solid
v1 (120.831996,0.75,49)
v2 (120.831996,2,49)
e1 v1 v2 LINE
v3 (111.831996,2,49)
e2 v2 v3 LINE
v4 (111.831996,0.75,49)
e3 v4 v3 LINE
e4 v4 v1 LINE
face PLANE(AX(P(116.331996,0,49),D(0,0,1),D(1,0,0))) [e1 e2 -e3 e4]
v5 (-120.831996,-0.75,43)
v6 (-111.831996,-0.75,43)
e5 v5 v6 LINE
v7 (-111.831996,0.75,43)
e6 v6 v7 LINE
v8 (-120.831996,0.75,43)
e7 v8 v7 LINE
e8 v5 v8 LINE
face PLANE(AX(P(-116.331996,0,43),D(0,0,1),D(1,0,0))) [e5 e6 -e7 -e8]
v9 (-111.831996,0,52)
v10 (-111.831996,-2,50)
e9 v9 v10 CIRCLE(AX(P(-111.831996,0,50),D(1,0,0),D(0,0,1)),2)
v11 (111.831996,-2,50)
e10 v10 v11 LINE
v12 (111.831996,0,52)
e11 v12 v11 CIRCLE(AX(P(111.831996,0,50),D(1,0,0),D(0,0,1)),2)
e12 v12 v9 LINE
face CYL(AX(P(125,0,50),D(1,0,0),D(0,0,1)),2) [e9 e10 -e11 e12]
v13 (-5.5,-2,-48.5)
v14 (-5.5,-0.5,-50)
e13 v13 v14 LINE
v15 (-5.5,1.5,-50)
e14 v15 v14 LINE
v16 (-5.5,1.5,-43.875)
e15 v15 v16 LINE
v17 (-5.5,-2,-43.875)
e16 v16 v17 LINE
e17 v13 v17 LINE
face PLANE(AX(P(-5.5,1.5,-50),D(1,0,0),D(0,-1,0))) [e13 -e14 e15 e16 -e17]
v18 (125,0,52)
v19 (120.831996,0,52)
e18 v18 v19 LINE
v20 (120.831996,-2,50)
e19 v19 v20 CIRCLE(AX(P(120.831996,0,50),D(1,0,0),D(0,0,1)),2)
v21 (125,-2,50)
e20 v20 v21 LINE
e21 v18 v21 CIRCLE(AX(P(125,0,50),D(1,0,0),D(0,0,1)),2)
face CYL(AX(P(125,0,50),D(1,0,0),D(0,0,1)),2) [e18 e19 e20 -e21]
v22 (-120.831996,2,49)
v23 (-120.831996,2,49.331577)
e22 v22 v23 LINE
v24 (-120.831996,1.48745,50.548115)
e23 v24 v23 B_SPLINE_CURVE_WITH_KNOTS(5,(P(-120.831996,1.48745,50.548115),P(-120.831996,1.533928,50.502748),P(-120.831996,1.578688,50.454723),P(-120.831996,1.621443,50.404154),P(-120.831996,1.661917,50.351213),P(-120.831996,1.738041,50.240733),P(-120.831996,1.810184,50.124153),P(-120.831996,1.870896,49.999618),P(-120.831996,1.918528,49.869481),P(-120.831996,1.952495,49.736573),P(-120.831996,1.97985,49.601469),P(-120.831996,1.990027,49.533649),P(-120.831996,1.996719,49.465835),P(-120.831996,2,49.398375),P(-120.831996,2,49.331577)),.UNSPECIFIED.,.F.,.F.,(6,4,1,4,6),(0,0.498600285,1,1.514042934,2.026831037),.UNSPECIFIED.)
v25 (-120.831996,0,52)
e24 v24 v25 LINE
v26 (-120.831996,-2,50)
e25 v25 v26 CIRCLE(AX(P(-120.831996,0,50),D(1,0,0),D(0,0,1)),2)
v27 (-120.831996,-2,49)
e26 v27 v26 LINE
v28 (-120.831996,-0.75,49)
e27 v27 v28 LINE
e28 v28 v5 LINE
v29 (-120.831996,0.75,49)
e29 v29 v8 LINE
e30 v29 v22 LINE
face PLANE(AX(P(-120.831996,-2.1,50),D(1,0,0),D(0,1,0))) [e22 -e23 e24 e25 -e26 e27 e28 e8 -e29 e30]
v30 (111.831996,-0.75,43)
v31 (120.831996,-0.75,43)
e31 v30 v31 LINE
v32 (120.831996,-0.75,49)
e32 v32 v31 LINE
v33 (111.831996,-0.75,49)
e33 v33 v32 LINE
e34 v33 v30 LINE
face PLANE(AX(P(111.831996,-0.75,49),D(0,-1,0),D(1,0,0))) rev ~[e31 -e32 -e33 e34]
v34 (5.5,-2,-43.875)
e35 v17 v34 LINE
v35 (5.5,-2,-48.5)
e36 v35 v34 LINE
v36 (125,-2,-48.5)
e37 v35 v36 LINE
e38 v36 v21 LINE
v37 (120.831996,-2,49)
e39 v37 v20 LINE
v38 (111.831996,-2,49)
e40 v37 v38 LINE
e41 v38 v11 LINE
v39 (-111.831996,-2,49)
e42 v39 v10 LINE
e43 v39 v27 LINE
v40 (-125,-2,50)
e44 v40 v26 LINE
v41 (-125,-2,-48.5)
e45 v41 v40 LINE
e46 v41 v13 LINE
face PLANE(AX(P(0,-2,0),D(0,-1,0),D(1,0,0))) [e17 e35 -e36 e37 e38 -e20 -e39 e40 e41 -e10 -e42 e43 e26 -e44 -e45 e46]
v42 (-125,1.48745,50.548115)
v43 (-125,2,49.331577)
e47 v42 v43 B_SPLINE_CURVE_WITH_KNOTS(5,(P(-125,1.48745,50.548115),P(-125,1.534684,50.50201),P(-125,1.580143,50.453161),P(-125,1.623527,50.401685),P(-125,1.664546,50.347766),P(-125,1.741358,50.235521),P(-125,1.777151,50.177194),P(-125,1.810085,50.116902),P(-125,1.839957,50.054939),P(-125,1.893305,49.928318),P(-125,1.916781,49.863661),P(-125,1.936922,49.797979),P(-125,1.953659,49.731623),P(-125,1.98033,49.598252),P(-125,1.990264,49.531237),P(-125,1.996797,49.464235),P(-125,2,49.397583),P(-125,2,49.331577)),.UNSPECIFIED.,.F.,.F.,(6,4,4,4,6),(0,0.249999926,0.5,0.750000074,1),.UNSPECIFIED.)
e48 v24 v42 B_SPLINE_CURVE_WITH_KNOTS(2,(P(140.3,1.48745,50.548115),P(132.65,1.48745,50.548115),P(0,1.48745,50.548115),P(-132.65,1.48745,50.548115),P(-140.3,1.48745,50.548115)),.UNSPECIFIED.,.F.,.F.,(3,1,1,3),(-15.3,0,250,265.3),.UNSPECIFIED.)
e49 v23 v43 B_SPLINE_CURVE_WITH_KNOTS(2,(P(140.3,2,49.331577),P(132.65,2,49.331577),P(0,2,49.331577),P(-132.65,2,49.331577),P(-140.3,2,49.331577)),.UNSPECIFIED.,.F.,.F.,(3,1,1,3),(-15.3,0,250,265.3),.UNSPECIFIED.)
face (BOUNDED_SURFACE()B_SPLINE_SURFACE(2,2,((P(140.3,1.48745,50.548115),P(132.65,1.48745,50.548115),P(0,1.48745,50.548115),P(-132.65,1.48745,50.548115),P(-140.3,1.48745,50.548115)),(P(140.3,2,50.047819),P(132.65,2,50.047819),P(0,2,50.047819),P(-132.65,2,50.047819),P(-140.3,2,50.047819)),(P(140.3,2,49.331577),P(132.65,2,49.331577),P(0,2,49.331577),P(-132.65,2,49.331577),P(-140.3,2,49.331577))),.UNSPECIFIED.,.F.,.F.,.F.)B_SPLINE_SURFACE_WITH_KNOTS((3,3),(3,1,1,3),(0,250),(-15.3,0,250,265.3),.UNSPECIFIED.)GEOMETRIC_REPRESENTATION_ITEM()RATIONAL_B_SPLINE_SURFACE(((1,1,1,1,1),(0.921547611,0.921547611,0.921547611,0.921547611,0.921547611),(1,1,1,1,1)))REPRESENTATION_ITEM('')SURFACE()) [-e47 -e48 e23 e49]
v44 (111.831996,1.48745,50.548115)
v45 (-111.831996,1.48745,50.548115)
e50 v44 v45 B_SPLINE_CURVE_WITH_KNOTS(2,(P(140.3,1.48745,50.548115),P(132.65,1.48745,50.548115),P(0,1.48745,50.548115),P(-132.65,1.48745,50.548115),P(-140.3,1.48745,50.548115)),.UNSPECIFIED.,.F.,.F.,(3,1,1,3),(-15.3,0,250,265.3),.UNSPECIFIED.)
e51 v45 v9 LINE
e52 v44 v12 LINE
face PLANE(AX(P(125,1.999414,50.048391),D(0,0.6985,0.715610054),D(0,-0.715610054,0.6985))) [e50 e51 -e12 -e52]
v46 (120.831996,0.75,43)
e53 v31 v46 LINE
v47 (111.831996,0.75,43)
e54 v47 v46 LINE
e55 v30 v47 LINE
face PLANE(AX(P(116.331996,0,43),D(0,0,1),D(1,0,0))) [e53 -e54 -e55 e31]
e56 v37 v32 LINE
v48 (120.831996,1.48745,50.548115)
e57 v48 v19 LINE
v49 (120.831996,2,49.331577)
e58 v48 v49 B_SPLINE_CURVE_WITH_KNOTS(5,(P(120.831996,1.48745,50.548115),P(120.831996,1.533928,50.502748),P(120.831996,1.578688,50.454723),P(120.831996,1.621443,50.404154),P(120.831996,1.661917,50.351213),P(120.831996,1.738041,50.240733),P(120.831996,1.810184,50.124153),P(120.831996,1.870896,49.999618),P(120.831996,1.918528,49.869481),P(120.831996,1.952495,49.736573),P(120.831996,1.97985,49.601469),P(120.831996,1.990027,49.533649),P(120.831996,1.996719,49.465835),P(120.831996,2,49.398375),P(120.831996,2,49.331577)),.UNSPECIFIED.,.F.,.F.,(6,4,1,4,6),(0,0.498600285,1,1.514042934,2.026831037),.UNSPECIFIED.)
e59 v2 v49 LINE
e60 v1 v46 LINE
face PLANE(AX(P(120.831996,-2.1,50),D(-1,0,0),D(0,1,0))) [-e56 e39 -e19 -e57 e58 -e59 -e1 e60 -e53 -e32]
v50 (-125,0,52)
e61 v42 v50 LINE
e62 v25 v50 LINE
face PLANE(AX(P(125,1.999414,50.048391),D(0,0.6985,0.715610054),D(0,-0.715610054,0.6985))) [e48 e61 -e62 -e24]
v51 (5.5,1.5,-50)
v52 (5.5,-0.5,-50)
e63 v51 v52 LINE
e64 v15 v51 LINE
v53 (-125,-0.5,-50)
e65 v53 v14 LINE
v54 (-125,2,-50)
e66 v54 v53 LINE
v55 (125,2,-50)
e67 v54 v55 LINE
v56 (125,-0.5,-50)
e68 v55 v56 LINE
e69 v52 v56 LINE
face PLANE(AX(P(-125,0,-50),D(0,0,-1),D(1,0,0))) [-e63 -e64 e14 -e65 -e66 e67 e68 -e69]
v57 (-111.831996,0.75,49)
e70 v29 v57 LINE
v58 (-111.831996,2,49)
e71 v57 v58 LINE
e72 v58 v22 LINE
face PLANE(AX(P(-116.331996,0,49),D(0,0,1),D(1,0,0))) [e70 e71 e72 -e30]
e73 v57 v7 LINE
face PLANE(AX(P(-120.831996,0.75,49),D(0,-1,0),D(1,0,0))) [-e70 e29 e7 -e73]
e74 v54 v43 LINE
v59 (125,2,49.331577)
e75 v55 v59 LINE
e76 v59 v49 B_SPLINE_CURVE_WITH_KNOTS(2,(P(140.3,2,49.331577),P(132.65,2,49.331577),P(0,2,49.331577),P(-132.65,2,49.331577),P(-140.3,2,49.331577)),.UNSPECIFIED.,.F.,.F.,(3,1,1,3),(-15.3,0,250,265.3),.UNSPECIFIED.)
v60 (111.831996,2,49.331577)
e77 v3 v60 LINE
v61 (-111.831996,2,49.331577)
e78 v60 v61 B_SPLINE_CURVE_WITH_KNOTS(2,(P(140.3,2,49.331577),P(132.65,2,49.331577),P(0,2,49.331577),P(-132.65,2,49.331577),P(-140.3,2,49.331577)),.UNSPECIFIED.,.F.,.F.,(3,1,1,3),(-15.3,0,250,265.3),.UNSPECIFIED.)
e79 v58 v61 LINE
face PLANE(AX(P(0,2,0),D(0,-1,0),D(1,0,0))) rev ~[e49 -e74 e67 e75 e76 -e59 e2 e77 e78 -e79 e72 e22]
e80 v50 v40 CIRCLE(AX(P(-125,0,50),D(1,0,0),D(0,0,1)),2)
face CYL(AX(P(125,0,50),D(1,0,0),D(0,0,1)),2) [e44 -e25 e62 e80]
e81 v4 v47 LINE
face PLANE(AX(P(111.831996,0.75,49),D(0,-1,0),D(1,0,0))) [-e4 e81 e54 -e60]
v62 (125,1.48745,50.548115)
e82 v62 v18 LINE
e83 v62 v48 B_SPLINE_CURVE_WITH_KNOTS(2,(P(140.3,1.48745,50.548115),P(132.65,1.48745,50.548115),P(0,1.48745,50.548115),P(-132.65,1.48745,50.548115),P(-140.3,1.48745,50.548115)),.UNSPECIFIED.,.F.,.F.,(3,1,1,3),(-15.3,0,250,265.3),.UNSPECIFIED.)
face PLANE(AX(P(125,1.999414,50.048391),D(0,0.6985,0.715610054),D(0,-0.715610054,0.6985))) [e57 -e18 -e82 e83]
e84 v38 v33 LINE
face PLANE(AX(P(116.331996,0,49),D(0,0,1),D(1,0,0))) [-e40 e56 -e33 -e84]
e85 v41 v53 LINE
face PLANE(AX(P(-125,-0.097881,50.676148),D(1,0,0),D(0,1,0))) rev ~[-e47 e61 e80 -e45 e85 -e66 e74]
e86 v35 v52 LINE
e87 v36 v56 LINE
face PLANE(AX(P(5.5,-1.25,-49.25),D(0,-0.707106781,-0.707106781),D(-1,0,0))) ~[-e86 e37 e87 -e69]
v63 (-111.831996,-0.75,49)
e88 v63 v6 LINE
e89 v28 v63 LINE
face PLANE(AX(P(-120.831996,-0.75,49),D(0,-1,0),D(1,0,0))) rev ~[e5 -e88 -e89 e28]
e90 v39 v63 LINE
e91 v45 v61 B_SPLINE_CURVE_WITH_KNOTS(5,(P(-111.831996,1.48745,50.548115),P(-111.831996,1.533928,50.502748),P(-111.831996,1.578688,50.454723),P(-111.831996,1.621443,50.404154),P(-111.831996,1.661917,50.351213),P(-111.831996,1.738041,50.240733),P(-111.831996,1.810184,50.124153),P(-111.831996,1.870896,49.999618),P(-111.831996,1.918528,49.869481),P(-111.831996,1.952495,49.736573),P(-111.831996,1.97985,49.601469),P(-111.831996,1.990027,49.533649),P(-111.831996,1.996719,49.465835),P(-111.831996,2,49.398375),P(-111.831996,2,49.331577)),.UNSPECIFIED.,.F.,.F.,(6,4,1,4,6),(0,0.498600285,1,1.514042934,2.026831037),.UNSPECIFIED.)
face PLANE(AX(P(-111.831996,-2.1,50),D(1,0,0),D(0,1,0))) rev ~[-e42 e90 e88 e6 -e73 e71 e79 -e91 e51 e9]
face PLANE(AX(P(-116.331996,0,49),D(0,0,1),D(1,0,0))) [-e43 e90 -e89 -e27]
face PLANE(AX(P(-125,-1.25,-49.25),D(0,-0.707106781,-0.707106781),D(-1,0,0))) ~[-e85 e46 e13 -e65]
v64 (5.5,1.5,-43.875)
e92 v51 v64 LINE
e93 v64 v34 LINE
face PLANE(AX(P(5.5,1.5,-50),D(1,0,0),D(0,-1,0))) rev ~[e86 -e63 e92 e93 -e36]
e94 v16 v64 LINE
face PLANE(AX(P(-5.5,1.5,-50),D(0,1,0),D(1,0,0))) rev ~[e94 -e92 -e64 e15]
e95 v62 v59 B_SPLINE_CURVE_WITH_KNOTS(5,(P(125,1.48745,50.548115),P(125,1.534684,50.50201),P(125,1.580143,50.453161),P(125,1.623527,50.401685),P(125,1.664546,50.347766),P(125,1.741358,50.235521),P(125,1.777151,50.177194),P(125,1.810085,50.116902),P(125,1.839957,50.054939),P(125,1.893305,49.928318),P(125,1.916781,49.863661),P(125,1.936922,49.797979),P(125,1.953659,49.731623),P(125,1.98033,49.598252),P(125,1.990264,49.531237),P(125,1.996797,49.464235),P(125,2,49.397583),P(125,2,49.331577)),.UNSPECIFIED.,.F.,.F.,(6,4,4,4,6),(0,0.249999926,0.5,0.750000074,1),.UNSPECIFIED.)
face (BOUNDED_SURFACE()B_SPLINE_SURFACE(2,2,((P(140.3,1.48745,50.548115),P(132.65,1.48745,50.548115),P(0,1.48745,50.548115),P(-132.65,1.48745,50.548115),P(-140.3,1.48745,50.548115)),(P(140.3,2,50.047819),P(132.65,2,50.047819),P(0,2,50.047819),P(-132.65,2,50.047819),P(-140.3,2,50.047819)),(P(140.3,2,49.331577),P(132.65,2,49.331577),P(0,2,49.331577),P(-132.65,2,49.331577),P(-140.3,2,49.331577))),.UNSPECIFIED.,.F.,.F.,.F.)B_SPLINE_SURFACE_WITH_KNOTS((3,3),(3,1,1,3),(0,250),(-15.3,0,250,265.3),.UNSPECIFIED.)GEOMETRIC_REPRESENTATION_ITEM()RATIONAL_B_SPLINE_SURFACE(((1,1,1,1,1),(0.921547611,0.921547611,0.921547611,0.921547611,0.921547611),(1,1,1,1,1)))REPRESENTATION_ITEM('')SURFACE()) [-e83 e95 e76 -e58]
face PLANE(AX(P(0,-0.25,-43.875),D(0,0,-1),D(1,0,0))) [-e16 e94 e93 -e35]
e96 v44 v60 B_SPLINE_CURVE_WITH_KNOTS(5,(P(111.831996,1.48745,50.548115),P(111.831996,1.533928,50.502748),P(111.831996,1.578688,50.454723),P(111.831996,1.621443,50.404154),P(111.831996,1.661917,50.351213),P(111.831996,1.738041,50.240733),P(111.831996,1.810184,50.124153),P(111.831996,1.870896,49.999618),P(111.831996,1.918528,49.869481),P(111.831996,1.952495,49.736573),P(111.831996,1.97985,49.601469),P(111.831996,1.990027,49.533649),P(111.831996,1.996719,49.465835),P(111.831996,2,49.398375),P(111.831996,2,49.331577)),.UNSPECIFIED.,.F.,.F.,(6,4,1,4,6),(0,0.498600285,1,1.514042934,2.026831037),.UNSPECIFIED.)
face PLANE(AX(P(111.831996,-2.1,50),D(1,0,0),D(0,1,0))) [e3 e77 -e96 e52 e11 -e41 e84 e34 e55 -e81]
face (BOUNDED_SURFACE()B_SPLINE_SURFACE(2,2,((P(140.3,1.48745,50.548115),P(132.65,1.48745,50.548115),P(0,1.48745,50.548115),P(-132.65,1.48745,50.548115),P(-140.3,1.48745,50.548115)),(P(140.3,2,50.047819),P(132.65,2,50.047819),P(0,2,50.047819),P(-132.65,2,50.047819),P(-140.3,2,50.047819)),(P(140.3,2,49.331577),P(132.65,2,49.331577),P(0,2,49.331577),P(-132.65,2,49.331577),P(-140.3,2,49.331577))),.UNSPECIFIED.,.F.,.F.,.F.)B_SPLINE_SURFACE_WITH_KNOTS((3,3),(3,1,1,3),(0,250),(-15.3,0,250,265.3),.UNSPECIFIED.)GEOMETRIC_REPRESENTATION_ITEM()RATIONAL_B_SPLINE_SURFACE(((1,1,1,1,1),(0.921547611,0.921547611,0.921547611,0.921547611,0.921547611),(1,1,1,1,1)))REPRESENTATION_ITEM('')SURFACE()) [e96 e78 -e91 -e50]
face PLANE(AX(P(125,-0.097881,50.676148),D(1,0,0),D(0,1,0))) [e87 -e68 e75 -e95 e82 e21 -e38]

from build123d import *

# Parameters (mm, degrees)
F0_W      = 250
F0_H      = 100
F1_DEPTH  = 2
F4_DEPTH  = 250
F5_R      = 1.7
F3_W      = 9
F3_H      = 4.2
F8_DEPTH  = 1
F9_W      = 9
F9_H      = 1.5
F10_DEPTH = 6
F11_DEPTH = 25.4
F12_DEPTH = 6
F13_W     = 11
F13_H     = 3.5
F14_DEPTH = 6.125
F15_SIZE  = 1.5


with BuildPart() as f1:
    # F0 (on Front) → F1 (new body, symmetric)
    with BuildSketch(Plane.XZ):
        Rectangle(F0_W, F0_H)
    extrude(amount=F1_DEPTH, both=True)

    # F2 (on face) → F4 (join)
    with BuildSketch(Plane.YZ.offset(125)):
        with BuildLine():
            Line((1.9994144921, 50.048391), (0, 52))
            ThreePointArc((0, 52), (-1.4142135624, 51.4142135624), (-2, 50))
            Line((-2, 50), (2, 50))
            ThreePointArc((2, 50), (1.9998536177, 50.024197271), (1.9994144921, 50.048391))
        make_face()
    extrude(amount=-F4_DEPTH)

    # F5
    f5_edges = [f1.edges().sort_by_distance(p)[0] for p in [
        (0, 1.999414, 50.048391),
    ]]
    fillet(f5_edges, radius=F5_R)


with BuildPart() as f6_1:
    # F6: copy of F1
    add(f1.part)


with BuildPart() as f1_1:
    add(f1.part)

    # F3 (on face) → F8 (cut)
    with BuildSketch(Plane.XY.offset(50)):
        with Locations((-116.3319962025, 7.49e-08)):
            Rectangle(F3_W, F3_H)
        with Locations((116.3319962025, 7.49e-08)):
            Rectangle(F3_W, F3_H)
    extrude(amount=-F8_DEPTH, mode=Mode.SUBTRACT)

    # F9 (on face) → F10 (cut)
    with BuildSketch(Plane.XY.offset(49)):
        with Locations((-116.3319962025, -6.5e-09)):
            Rectangle(F9_W, F9_H)
    extrude(amount=-F10_DEPTH, mode=Mode.SUBTRACT)

    # F3 (on face) → F11 (cut)
    with BuildSketch(Plane.XY.offset(50)):
        with Locations((-116.3319962025, 7.49e-08)):
            Rectangle(F3_W, F3_H)
        with Locations((116.3319962025, 7.49e-08)):
            Rectangle(F3_W, F3_H)
    extrude(amount=F11_DEPTH, mode=Mode.SUBTRACT)

    # F9 (on face) → F12 (cut)
    with BuildSketch(Plane.XY.offset(49)):
        with Locations((-116.3319962025, -6.5e-09)):
            Rectangle(F9_W, F9_H)
        with Locations((116.3319962025, -6.5e-09)):
            Rectangle(F9_W, F9_H)
    extrude(amount=-F12_DEPTH, mode=Mode.SUBTRACT)

    # F13 (on face) → F14 (cut)
    with BuildSketch(Plane(origin=(0, 0, -50), x_dir=(1, 0, 0), z_dir=(0, 0, -1))):
        with Locations((0, 0.25)):
            Rectangle(F13_W, F13_H)
    extrude(amount=-F14_DEPTH, mode=Mode.SUBTRACT)

    # F15
    f15_edges = [f1_1.edges().sort_by_distance(p)[0] for p in [
        (65.25, -2, -50),
        (-65.25, -2, -50),
    ]]
    chamfer(f15_edges, length=F15_SIZE)


solid = f1_1.part
